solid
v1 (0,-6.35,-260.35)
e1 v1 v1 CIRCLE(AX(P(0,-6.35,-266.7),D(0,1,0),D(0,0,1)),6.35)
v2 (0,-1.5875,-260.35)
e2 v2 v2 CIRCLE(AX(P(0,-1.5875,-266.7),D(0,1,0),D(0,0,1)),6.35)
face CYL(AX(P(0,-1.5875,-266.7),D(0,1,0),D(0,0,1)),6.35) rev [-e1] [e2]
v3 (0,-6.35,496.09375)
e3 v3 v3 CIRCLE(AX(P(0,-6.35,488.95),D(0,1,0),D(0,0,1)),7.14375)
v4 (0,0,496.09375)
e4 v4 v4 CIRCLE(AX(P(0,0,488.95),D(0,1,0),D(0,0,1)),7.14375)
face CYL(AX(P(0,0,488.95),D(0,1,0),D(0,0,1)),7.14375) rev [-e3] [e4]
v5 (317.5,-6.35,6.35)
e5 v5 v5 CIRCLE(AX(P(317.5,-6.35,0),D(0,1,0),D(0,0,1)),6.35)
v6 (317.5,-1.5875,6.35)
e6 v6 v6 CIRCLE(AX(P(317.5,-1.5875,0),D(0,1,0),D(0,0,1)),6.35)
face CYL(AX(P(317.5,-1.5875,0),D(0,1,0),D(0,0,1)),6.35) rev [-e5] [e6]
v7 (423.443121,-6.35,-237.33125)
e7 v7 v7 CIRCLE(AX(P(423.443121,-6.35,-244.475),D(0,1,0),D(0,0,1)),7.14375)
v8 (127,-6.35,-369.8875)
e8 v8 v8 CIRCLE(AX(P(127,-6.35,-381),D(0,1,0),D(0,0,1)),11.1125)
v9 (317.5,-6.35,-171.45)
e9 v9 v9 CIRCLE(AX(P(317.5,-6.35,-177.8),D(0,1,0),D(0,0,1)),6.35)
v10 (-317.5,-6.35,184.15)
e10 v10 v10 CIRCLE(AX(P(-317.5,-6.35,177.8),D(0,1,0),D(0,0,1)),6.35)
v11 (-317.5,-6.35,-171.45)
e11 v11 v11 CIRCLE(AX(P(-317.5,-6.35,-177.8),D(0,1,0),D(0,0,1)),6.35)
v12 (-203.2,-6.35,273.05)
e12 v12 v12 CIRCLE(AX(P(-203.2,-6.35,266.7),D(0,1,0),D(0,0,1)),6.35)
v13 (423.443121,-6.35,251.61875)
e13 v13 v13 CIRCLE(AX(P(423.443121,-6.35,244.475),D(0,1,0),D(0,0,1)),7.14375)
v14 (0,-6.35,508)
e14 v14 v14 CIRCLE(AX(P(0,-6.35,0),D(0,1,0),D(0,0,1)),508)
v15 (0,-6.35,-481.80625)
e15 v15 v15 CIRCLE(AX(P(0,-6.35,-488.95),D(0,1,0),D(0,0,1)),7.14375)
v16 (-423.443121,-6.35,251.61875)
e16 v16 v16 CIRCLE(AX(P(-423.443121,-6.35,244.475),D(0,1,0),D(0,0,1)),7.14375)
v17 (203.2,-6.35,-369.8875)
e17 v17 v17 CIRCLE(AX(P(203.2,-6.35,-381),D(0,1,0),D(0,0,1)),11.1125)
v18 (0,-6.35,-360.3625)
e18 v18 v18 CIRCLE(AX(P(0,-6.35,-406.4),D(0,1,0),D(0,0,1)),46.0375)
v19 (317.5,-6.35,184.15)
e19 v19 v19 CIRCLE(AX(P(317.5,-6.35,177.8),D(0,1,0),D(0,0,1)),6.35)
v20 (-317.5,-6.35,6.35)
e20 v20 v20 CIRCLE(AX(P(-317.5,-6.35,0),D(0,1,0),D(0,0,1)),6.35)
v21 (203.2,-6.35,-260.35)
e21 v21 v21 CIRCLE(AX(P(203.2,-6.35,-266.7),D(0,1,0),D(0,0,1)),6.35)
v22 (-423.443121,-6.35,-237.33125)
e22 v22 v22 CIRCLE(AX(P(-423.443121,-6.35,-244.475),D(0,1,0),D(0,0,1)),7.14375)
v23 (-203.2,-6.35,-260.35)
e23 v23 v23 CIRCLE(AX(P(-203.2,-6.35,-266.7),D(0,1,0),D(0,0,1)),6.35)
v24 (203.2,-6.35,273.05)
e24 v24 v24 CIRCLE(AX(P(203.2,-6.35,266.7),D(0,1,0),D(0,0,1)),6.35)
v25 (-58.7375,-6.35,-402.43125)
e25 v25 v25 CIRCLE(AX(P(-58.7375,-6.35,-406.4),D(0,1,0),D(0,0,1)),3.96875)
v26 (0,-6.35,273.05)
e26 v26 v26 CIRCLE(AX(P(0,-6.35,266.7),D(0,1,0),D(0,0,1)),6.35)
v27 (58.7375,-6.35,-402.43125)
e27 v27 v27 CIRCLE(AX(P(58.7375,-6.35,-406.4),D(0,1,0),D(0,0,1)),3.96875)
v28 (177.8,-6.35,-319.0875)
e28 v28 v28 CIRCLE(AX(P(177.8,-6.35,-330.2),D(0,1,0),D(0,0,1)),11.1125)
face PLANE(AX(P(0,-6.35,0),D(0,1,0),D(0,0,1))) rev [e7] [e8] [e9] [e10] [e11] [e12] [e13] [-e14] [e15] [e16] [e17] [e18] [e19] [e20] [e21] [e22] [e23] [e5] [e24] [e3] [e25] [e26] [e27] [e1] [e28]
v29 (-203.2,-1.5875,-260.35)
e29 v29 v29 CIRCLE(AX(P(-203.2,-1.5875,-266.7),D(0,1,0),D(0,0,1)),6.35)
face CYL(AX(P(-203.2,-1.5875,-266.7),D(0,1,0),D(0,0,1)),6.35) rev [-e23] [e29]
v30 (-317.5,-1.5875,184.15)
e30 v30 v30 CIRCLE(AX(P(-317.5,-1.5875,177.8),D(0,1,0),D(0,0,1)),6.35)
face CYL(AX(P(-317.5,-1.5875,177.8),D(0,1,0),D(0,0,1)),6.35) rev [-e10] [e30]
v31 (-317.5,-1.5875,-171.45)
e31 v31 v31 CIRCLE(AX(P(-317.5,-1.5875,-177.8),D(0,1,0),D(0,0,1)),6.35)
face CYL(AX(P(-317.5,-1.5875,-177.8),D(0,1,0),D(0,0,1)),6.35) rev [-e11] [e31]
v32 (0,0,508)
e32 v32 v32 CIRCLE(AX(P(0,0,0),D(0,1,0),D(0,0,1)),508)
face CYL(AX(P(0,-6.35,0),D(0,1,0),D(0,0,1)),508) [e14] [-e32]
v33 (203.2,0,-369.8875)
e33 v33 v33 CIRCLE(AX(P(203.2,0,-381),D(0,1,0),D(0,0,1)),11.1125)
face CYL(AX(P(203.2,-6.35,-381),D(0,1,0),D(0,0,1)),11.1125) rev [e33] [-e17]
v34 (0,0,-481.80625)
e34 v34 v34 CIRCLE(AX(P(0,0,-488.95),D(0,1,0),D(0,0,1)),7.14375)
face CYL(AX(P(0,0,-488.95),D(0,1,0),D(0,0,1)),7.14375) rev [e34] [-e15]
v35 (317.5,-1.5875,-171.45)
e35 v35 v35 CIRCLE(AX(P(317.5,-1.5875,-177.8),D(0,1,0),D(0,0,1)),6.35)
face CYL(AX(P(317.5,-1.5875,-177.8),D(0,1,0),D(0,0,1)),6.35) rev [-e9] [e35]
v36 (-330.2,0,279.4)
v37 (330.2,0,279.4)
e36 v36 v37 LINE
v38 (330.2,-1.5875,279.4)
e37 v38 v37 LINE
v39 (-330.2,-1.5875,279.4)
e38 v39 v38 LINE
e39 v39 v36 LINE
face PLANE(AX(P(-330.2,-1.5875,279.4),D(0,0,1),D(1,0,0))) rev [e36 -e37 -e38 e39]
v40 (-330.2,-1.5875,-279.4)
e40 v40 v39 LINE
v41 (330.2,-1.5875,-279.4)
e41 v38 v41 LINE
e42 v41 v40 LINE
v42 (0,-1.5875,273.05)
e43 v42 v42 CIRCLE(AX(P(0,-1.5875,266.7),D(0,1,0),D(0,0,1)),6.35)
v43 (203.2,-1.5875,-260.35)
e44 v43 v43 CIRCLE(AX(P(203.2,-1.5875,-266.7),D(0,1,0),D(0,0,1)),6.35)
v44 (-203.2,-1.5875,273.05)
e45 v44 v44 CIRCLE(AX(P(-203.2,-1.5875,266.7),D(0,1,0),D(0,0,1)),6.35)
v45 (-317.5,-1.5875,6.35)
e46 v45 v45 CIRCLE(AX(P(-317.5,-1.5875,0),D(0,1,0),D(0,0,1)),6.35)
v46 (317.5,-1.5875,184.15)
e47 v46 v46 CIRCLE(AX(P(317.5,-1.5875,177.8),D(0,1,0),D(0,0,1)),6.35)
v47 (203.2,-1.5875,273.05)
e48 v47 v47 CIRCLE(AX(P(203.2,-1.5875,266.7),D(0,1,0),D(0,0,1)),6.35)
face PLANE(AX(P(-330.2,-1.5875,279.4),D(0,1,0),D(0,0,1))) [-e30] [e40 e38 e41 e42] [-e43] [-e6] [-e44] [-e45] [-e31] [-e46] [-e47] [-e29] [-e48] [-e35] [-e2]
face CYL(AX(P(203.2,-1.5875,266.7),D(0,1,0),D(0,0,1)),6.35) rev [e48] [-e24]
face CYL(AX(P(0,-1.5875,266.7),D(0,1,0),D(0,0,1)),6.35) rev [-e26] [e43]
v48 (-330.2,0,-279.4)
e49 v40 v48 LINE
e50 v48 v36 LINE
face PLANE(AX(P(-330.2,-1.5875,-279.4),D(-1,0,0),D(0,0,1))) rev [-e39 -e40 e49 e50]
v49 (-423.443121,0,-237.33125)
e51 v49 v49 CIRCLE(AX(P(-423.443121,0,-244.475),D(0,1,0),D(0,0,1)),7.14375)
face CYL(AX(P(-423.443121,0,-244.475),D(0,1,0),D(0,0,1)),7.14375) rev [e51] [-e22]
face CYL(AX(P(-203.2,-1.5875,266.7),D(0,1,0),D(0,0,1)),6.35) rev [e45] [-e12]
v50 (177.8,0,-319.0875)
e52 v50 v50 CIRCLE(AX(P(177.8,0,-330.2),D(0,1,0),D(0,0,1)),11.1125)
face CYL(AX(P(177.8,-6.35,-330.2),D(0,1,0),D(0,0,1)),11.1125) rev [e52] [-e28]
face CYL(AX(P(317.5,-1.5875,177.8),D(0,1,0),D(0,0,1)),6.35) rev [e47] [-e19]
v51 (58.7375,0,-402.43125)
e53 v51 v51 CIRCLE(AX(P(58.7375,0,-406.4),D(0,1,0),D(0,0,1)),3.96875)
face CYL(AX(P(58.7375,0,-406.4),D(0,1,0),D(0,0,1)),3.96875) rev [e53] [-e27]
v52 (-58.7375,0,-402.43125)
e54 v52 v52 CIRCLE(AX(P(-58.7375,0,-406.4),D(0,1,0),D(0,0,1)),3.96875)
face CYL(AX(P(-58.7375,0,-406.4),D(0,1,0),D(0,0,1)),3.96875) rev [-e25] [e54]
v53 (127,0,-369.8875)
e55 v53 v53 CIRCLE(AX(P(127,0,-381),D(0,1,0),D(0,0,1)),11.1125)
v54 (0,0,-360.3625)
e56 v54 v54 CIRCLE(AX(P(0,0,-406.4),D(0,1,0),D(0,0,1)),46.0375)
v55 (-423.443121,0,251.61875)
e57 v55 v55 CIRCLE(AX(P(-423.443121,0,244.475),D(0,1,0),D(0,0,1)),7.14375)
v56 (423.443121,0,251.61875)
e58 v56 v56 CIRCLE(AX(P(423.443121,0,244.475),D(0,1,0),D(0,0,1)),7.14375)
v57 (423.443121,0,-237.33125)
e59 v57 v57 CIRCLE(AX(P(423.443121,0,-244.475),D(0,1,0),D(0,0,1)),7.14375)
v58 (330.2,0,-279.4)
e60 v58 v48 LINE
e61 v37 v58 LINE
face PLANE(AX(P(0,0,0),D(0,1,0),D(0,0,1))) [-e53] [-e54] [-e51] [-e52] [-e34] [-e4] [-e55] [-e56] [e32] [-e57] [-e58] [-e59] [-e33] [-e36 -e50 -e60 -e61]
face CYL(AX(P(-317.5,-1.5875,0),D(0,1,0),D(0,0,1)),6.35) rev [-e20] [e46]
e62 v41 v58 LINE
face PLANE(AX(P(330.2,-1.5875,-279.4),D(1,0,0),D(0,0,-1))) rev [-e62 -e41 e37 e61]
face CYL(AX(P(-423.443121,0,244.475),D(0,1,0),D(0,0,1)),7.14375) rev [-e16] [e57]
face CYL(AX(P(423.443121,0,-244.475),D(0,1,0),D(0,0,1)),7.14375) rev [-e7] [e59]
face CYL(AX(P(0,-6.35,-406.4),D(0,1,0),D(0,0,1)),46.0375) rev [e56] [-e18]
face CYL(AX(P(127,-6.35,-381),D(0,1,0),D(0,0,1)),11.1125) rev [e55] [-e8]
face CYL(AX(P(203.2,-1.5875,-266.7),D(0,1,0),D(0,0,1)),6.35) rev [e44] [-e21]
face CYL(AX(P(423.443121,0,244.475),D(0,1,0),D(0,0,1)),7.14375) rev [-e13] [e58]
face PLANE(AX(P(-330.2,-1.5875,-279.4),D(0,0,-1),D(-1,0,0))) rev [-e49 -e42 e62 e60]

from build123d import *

# Parameters (mm, degrees)
SKETCH1_R                = 508
COVER_DEPTH              = 6.35
COVER_B_C_D              = 14.2875
SKETCH3_W                = 660.4
SKETCH3_H                = 558.8
COVER_HATCH_DEPTH        = 1.5875
COVER_HATCH_BOLT_HOLES_D = 12.7
SKETCH33_R               = 46.0375
COVER_HOLE_ONE_DEPTH     = 7.35
COVER_HOLE_ONE_B_C_D     = 7.9375
SKETCH65_R               = 11.1125
COVER_HOLE_SIX_DEPTH     = 7.35
SKETCH66_R               = 11.1125
COVER_HOLE_SEVEN_DEPTH   = 7.35
SKETCH67_R               = 11.1125
COVER_HOLE_EIGHT_DEPTH   = 7.35


with BuildPart() as part:
    # Sketch1 → Cover (new body)
    with BuildSketch(Plane(origin=(0, 0, 0), x_dir=(1, 0, 0), z_dir=(0, 1, 0))):
        Circle(SKETCH1_R)
    extrude(amount=-COVER_DEPTH)

    # Cover B.C. (through all)
    with Locations(Plane(origin=(0, 0, 0), x_dir=(-1, 0, 0), z_dir=(0, 1, 0))):
        with Locations((0, -488.95), (-423.44312118, -244.475), (-423.44312118, 244.475), (0, 488.95), (423.44312118, 244.475), (423.44312118, -244.475)):
            Hole(COVER_B_C_D / 2)

    # Sketch3 → Cover Hatch (cut)
    with BuildSketch(Plane(origin=(0, 0, 0), x_dir=(-1, 0, 0), z_dir=(0, 1, 0))):
        Rectangle(SKETCH3_W, SKETCH3_H)
    extrude(amount=-COVER_HATCH_DEPTH, mode=Mode.SUBTRACT)

    # Cover Hatch Bolt Holes (through all)
    with Locations(Plane(origin=(0, -1.5875, 0), x_dir=(1, 0, 0), z_dir=(0, 1, 0))):
        with Locations((-317.5, 177.8), (-317.5, 0), (-317.5, -177.8), (317.5, -177.8), (317.5, 0), (317.5, 177.8), (-203.2, 266.7), (0, 266.7), (203.2, 266.7), (203.2, -266.7), (0, -266.7), (-203.2, -266.7)):
            Hole(COVER_HATCH_BOLT_HOLES_D / 2)

    # Sketch33 → Cover Hole One (cut, through all)
    with BuildSketch(Plane(origin=(0, 0, 0), x_dir=(1, 0, 0), z_dir=(0, 1, 0))):
        with Locations((0, 406.4)):
            Circle(SKETCH33_R)
    extrude(amount=-COVER_HOLE_ONE_DEPTH, mode=Mode.SUBTRACT)

    # Cover Hole One B.C. (through all)
    with Locations(Plane(origin=(0, 0, 0), x_dir=(1, 0, 0), z_dir=(0, 1, 0))):
        with Locations((-58.7375, 406.4), (58.7375, 406.4)):
            Hole(COVER_HOLE_ONE_B_C_D / 2)

    # Sketch65 → Cover Hole Six (cut, through all)
    with BuildSketch(Plane(origin=(0, 0, 0), x_dir=(1, 0, 0), z_dir=(0, 1, 0))):
        with Locations((127, 381)):
            Circle(SKETCH65_R)
    extrude(amount=-COVER_HOLE_SIX_DEPTH, mode=Mode.SUBTRACT)

    # Sketch66 → Cover Hole Seven (cut, through all)
    with BuildSketch(Plane(origin=(0, 0, 0), x_dir=(1, 0, 0), z_dir=(0, 1, 0))):
        with Locations((203.2, 381)):
            Circle(SKETCH66_R)
    extrude(amount=-COVER_HOLE_SEVEN_DEPTH, mode=Mode.SUBTRACT)

    # Sketch67 → Cover Hole Eight (cut, through all)
    with BuildSketch(Plane(origin=(0, 0, 0), x_dir=(1, 0, 0), z_dir=(0, 1, 0))):
        with Locations((177.8, 330.2)):
            Circle(SKETCH67_R)
    extrude(amount=-COVER_HOLE_EIGHT_DEPTH, mode=Mode.SUBTRACT)


solid = part.part
